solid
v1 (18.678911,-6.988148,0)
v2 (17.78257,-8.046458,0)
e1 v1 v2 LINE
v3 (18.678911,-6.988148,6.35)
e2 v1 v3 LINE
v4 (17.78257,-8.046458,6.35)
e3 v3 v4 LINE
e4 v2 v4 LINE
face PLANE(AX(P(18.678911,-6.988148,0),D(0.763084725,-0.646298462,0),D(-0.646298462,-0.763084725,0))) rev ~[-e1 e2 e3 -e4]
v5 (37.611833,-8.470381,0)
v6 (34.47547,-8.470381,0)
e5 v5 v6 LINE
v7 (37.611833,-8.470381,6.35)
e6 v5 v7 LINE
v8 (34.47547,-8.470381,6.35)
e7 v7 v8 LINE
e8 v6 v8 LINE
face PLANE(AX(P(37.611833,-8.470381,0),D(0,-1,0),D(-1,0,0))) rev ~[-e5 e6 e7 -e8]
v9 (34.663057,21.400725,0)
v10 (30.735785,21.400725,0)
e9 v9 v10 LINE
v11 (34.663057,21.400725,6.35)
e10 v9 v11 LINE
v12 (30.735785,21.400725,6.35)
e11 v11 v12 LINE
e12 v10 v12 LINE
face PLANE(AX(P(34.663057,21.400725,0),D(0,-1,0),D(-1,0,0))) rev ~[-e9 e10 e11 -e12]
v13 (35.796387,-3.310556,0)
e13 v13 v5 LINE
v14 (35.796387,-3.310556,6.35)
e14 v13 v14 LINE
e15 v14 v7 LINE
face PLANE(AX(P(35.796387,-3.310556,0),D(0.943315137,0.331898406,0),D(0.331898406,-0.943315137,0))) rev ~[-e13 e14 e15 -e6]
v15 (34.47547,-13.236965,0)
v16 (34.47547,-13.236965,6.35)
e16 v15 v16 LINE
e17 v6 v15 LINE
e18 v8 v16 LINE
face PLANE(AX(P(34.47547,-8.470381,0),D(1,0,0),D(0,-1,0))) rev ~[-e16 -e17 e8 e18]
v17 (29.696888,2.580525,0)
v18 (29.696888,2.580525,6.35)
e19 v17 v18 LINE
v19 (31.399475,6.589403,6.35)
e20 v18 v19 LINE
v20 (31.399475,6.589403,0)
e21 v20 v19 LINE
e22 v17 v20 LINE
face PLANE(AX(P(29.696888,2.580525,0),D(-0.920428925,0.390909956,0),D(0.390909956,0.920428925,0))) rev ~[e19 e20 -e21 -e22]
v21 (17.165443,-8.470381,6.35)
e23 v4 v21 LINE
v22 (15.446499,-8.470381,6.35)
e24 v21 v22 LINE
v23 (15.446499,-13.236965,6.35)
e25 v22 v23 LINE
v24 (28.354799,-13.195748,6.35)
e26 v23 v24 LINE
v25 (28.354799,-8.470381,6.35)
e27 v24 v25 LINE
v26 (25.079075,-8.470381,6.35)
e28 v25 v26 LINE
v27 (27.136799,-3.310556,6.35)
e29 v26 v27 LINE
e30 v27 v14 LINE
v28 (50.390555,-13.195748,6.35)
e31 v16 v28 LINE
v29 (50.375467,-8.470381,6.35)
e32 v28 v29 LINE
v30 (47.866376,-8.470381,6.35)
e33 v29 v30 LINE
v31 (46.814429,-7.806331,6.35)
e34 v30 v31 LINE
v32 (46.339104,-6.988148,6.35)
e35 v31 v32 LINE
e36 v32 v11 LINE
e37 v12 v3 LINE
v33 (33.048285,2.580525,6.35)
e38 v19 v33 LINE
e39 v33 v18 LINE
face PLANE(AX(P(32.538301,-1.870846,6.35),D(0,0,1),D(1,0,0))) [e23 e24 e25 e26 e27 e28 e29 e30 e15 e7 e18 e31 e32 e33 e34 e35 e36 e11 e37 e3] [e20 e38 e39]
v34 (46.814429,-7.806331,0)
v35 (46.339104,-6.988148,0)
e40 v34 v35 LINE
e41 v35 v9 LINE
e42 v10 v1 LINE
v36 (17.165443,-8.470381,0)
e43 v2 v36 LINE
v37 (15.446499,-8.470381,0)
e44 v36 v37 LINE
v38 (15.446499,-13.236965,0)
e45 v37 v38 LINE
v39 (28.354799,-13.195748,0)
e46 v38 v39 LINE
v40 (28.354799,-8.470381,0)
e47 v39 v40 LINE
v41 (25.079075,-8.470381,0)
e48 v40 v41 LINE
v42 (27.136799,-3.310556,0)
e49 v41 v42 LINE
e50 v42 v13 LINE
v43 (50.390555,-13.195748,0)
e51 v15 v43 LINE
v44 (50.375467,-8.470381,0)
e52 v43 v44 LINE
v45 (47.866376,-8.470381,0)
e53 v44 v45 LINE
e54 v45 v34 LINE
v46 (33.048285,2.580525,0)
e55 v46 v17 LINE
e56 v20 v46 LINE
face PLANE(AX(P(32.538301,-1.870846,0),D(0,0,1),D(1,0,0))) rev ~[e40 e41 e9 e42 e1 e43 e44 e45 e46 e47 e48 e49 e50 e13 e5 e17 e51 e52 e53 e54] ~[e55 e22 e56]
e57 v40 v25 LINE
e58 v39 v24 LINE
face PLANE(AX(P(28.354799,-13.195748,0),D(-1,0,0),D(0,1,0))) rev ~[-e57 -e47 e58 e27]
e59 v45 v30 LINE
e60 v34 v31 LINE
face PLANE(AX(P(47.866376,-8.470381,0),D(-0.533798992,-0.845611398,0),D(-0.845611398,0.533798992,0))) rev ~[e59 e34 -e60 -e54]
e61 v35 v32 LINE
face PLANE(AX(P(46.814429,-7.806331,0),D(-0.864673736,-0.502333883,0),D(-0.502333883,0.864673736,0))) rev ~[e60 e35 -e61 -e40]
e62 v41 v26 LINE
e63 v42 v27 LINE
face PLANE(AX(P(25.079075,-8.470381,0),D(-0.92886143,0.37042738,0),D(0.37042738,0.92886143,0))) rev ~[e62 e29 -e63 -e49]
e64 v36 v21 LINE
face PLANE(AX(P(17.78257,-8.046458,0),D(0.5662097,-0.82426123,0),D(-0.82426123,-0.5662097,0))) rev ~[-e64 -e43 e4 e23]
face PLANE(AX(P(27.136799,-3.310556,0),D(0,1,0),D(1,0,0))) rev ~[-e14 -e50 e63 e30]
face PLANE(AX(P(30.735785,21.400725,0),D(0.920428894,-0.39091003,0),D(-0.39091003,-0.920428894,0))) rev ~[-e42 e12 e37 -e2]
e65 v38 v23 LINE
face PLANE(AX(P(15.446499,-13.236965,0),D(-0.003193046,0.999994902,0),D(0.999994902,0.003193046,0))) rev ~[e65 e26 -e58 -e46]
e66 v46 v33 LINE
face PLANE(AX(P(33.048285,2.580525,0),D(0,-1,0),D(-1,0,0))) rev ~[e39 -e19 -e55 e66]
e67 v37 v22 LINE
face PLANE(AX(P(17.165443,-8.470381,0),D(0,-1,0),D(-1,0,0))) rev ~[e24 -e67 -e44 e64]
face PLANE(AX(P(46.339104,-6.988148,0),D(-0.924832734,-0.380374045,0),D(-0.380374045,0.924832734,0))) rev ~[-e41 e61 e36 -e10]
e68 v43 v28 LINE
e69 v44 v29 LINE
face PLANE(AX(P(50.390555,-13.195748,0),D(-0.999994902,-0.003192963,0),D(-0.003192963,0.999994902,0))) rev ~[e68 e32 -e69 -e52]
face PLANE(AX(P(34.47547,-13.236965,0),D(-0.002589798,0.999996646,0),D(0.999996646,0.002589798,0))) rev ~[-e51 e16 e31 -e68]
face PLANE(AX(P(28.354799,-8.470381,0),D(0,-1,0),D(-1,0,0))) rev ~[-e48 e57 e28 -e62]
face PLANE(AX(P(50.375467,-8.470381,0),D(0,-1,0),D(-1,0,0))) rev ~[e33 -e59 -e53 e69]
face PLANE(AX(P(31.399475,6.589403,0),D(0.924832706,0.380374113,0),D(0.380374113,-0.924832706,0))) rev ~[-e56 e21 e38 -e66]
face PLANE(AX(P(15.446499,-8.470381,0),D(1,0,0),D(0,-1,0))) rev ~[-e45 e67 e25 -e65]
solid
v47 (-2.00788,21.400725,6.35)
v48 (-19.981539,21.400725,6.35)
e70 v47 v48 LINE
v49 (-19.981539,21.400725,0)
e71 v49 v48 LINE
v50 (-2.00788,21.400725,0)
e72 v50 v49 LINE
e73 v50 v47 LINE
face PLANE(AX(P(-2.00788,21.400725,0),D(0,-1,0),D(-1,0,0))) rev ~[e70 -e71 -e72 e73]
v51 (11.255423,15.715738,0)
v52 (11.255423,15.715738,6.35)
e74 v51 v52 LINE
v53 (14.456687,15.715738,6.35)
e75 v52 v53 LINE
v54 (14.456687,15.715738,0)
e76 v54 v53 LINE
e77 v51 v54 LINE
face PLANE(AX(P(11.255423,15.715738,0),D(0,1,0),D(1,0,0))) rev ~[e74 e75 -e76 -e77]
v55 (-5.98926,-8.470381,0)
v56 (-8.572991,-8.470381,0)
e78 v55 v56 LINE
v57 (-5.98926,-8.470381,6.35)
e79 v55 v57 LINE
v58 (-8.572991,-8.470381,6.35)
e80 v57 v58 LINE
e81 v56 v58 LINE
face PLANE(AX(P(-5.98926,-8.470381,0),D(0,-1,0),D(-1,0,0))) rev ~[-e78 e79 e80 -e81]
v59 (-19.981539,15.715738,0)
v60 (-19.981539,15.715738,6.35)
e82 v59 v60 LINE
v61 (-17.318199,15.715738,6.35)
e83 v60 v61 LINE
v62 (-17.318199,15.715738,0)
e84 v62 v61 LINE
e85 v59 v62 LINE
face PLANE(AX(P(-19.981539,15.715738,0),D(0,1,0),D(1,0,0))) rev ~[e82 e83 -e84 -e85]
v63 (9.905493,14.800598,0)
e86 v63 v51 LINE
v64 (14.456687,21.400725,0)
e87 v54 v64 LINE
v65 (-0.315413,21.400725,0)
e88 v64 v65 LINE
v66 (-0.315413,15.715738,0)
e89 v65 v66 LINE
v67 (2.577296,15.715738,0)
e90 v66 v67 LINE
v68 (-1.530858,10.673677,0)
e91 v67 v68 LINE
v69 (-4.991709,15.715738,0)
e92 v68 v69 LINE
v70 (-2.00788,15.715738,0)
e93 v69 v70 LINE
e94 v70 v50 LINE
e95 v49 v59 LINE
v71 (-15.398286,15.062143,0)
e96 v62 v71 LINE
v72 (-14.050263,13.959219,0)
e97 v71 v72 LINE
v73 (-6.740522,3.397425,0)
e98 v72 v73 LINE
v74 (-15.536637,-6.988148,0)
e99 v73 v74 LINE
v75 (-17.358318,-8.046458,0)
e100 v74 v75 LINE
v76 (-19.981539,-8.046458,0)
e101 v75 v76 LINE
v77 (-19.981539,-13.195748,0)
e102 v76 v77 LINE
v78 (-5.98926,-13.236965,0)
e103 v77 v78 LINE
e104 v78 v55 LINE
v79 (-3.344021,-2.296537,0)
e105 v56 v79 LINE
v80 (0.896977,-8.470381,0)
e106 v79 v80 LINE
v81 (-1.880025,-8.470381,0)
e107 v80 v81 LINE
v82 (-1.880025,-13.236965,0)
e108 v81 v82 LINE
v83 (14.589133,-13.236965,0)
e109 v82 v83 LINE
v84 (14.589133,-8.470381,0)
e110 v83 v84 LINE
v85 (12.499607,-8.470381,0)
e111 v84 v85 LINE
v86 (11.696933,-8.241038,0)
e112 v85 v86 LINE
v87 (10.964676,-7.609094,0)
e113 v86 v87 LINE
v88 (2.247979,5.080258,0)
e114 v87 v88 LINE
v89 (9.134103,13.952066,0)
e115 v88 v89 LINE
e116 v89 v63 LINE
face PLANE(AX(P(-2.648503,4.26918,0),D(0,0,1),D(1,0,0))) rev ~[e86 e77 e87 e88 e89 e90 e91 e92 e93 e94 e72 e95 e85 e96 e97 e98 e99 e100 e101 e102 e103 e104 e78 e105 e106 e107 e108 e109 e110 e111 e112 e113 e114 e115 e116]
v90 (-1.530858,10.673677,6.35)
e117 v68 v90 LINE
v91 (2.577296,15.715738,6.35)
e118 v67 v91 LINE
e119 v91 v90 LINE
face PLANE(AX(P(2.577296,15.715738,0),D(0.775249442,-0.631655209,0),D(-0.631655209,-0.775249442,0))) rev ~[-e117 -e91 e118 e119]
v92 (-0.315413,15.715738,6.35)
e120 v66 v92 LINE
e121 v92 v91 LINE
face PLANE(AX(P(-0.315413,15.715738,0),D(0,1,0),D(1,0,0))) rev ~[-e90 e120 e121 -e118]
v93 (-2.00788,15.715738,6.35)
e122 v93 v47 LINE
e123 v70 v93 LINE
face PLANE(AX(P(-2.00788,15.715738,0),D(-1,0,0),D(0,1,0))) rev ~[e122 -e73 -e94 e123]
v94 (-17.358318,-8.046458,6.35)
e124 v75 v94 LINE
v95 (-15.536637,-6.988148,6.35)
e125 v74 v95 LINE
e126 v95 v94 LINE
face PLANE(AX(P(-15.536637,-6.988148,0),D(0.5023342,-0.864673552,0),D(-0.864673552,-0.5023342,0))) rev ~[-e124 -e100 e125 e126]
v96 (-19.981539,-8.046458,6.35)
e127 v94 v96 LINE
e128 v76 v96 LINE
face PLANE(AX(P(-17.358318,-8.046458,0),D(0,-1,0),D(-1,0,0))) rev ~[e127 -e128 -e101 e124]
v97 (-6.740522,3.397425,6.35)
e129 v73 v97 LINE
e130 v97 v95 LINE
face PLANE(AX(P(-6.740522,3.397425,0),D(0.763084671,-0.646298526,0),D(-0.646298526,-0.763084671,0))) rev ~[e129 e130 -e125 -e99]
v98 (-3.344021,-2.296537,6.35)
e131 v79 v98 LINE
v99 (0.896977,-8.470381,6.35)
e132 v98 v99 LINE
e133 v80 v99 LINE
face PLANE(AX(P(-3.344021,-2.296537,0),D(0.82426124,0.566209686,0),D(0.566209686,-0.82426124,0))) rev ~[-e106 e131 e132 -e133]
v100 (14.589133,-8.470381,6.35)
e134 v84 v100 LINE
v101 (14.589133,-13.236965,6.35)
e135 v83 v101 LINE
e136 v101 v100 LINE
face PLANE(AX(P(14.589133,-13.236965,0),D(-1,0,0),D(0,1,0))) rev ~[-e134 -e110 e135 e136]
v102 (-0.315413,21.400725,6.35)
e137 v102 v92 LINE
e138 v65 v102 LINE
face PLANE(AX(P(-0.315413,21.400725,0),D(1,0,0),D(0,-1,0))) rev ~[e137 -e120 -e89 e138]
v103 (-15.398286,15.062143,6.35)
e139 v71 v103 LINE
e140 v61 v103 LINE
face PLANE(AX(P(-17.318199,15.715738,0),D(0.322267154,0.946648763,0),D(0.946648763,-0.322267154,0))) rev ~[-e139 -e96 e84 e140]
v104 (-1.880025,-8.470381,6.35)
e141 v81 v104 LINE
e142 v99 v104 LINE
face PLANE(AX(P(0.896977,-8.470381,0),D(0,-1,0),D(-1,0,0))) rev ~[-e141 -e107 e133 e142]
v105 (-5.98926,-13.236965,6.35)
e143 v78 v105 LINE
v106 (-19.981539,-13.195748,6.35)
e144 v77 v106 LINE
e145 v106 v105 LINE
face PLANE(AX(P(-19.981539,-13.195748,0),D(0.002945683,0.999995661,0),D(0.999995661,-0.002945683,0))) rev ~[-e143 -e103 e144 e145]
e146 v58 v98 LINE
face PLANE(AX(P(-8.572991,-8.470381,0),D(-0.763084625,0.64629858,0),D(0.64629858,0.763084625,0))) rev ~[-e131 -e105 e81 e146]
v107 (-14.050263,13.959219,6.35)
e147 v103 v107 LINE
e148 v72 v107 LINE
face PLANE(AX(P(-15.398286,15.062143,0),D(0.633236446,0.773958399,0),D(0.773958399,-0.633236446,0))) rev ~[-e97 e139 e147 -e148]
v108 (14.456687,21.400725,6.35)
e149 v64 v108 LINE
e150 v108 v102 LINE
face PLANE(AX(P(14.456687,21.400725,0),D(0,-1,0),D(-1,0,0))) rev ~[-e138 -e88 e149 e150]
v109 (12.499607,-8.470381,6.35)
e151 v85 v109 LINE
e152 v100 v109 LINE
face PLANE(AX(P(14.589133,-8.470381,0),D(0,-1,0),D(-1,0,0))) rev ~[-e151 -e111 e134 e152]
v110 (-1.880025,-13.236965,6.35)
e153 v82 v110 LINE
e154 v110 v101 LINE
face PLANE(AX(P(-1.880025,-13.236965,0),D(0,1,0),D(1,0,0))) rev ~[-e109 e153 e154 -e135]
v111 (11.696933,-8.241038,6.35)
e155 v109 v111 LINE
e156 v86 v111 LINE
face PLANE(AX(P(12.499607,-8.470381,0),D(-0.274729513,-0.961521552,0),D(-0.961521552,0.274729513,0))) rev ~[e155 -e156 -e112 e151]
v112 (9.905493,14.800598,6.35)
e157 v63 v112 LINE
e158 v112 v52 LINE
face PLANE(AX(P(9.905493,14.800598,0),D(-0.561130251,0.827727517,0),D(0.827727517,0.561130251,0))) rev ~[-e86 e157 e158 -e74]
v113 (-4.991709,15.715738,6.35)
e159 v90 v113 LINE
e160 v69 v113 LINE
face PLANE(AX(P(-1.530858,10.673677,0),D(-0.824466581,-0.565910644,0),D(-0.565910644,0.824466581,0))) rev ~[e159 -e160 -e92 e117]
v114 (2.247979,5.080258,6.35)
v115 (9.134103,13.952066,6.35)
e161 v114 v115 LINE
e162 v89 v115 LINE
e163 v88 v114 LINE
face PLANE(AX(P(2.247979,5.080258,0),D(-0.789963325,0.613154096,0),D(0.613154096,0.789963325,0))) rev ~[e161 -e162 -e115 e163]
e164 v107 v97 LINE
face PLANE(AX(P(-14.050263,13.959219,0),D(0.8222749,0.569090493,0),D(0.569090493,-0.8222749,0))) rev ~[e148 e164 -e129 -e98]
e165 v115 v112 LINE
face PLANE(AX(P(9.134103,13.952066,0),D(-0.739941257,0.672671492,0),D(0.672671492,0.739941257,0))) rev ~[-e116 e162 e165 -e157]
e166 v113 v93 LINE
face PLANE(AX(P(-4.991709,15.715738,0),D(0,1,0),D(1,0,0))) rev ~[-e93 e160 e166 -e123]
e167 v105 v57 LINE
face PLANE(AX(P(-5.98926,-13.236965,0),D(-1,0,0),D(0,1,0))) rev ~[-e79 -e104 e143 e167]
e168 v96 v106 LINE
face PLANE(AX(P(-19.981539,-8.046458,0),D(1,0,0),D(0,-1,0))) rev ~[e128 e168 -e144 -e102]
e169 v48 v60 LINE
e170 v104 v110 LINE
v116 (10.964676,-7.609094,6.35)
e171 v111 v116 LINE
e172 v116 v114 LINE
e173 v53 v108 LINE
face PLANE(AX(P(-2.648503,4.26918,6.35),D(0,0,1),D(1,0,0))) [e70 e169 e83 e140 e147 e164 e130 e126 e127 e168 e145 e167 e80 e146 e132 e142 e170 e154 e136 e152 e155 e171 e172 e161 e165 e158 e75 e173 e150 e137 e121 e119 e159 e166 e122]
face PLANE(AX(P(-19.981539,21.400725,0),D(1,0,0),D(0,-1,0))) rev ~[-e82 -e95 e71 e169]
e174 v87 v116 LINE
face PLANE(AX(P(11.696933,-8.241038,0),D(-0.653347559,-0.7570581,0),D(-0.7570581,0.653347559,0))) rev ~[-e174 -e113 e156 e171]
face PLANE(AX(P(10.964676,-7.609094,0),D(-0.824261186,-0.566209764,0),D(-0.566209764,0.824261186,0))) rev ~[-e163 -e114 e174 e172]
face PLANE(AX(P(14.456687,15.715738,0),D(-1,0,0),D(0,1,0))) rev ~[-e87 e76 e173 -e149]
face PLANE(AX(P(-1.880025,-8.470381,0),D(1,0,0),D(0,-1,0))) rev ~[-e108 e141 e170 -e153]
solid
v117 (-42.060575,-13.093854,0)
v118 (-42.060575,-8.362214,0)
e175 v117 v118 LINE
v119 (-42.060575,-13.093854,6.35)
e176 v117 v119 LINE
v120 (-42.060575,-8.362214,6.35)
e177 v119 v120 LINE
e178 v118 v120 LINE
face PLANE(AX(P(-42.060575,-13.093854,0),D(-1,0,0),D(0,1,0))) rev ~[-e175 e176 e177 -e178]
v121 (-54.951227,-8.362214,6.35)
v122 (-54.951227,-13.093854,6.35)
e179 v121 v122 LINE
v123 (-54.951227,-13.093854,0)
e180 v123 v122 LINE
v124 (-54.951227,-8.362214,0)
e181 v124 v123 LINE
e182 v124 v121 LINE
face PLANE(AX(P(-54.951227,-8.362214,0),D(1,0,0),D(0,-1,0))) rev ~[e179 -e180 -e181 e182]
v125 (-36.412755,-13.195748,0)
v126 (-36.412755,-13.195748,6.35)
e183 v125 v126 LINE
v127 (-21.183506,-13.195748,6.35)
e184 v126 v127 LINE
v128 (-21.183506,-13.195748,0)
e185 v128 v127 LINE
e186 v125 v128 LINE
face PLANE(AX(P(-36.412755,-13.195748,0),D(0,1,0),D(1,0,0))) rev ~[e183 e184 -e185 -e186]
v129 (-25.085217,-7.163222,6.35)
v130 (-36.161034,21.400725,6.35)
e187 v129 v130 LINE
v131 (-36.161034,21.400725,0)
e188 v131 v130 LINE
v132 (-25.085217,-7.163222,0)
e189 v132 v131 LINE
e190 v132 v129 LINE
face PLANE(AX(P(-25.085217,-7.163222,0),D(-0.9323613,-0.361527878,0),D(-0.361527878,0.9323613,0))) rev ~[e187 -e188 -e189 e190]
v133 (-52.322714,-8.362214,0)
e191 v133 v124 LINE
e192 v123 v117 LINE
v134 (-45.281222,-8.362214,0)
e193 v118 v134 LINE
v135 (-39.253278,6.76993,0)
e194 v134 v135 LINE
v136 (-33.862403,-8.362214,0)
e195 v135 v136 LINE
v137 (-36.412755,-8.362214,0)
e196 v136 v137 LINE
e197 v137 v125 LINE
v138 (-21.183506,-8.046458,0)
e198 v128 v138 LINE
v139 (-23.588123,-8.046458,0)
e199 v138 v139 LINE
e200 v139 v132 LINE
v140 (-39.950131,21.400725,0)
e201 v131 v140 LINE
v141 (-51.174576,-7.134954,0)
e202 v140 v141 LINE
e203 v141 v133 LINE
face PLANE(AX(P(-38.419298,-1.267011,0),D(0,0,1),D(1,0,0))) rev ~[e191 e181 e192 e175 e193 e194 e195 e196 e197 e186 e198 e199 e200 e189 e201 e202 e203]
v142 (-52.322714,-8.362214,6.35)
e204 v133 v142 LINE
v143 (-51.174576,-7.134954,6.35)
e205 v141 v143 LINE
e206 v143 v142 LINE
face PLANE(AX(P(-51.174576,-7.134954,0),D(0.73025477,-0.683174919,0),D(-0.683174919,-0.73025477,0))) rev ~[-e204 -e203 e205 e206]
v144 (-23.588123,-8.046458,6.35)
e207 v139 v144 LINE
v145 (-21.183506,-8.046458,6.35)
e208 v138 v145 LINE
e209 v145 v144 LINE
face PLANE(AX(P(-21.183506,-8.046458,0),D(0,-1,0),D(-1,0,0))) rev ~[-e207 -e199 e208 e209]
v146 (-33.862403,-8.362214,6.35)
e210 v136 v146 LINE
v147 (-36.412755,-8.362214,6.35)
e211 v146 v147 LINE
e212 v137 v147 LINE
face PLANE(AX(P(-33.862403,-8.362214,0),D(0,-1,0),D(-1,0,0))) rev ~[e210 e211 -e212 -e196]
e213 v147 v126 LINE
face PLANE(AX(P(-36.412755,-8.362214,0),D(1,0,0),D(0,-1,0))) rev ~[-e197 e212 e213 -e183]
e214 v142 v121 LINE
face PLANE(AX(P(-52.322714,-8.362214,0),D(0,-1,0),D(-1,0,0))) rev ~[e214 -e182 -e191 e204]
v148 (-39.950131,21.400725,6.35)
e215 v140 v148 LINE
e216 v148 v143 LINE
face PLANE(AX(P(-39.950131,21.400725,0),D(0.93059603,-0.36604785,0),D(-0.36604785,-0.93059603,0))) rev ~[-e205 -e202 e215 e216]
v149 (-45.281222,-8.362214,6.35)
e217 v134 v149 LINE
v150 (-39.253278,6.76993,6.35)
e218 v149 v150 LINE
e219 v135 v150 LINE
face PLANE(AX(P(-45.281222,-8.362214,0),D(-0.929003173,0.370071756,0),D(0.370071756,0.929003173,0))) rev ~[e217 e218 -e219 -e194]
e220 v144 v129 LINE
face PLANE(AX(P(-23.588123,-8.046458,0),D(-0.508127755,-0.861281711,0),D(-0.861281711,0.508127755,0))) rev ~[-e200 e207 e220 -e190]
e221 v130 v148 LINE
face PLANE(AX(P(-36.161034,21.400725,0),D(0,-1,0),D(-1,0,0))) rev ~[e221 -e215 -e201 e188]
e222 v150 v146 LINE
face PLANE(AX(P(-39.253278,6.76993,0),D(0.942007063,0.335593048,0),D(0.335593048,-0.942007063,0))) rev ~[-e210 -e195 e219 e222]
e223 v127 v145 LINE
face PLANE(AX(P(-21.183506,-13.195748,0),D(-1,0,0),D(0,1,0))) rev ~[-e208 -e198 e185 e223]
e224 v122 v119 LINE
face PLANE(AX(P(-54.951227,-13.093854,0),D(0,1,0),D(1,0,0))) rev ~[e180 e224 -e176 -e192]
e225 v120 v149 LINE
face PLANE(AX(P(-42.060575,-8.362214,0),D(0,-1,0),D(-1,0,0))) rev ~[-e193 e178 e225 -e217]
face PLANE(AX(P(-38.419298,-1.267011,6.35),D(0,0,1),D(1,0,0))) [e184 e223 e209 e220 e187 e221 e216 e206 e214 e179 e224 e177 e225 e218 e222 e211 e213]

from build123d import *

# Parameters (mm, degrees)
F1_DEPTH = 6.35


with BuildPart() as f1:
    # F0 (on Top) → F1 (new body)
    with BuildSketch(Plane.XY):
        Polygon((-19.981539, -8.046458), (-19.981539, -13.195748), (-5.98926, -13.236965), (-5.98926, -8.470381), (-8.572991, -8.470381), (-3.344021, -2.296537), (0.896977, -8.470381), (-1.880025, -8.470381), (-1.880025, -13.236965), (14.589133, -13.236965), (14.589133, -8.470381), (12.499607, -8.470381), (11.696933, -8.241038), (10.964676, -7.609094), (2.247979, 5.080258), (9.134103, 13.952066), (9.905493, 14.800598), (11.255423, 15.715738), (14.456687, 15.715738), (14.456687, 21.400725), (-0.315413, 21.400725), (-0.315413, 15.715738), (2.577296, 15.715738), (-1.530858, 10.673677), (-4.991709, 15.715738), (-2.00788, 15.715738), (-2.00788, 21.400725), (-19.981539, 21.400725), (-19.981539, 15.715738), (-17.318199, 15.715738), (-15.398286, 15.062143), (-14.050263, 13.959219), (-6.740522, 3.397425), (-15.536637, -6.988148), (-17.358318, -8.046458), align=None)
        Polygon((-36.161034, 21.400725), (-39.950131, 21.400725), (-51.174576, -7.134954), (-52.322714, -8.362214), (-54.951227, -8.362214), (-54.951227, -13.093854), (-42.060575, -13.093854), (-42.060575, -8.362214), (-45.281222, -8.362214), (-39.253278, 6.76993), (-33.862403, -8.362214), (-36.412755, -8.362214), (-36.412755, -13.195748), (-21.183506, -13.195748), (-21.183506, -8.046458), (-23.588123, -8.046458), (-25.085217, -7.163222), align=None)
        Polygon((28.354799, -8.470381), (25.079075, -8.470381), (27.136799, -3.310556), (35.796387, -3.310556), (37.611833, -8.470381), (34.47547, -8.470381), (34.47547, -13.236965), (50.390555, -13.195748), (50.375467, -8.470381), (47.866376, -8.470381), (46.814429, -7.806331), (46.339104, -6.988148), (34.663057, 21.400725), (30.735785, 21.400725), (18.678911, -6.988148), (17.78257, -8.046458), (17.165443, -8.470381), (15.446499, -8.470381), (15.446499, -13.236965), (28.354799, -13.195748), align=None)
        Polygon((29.696888, 2.580525), (31.399475, 6.589403), (33.048285, 2.580525), align=None, mode=Mode.SUBTRACT)
    extrude(amount=F1_DEPTH)


solid = f1.part
